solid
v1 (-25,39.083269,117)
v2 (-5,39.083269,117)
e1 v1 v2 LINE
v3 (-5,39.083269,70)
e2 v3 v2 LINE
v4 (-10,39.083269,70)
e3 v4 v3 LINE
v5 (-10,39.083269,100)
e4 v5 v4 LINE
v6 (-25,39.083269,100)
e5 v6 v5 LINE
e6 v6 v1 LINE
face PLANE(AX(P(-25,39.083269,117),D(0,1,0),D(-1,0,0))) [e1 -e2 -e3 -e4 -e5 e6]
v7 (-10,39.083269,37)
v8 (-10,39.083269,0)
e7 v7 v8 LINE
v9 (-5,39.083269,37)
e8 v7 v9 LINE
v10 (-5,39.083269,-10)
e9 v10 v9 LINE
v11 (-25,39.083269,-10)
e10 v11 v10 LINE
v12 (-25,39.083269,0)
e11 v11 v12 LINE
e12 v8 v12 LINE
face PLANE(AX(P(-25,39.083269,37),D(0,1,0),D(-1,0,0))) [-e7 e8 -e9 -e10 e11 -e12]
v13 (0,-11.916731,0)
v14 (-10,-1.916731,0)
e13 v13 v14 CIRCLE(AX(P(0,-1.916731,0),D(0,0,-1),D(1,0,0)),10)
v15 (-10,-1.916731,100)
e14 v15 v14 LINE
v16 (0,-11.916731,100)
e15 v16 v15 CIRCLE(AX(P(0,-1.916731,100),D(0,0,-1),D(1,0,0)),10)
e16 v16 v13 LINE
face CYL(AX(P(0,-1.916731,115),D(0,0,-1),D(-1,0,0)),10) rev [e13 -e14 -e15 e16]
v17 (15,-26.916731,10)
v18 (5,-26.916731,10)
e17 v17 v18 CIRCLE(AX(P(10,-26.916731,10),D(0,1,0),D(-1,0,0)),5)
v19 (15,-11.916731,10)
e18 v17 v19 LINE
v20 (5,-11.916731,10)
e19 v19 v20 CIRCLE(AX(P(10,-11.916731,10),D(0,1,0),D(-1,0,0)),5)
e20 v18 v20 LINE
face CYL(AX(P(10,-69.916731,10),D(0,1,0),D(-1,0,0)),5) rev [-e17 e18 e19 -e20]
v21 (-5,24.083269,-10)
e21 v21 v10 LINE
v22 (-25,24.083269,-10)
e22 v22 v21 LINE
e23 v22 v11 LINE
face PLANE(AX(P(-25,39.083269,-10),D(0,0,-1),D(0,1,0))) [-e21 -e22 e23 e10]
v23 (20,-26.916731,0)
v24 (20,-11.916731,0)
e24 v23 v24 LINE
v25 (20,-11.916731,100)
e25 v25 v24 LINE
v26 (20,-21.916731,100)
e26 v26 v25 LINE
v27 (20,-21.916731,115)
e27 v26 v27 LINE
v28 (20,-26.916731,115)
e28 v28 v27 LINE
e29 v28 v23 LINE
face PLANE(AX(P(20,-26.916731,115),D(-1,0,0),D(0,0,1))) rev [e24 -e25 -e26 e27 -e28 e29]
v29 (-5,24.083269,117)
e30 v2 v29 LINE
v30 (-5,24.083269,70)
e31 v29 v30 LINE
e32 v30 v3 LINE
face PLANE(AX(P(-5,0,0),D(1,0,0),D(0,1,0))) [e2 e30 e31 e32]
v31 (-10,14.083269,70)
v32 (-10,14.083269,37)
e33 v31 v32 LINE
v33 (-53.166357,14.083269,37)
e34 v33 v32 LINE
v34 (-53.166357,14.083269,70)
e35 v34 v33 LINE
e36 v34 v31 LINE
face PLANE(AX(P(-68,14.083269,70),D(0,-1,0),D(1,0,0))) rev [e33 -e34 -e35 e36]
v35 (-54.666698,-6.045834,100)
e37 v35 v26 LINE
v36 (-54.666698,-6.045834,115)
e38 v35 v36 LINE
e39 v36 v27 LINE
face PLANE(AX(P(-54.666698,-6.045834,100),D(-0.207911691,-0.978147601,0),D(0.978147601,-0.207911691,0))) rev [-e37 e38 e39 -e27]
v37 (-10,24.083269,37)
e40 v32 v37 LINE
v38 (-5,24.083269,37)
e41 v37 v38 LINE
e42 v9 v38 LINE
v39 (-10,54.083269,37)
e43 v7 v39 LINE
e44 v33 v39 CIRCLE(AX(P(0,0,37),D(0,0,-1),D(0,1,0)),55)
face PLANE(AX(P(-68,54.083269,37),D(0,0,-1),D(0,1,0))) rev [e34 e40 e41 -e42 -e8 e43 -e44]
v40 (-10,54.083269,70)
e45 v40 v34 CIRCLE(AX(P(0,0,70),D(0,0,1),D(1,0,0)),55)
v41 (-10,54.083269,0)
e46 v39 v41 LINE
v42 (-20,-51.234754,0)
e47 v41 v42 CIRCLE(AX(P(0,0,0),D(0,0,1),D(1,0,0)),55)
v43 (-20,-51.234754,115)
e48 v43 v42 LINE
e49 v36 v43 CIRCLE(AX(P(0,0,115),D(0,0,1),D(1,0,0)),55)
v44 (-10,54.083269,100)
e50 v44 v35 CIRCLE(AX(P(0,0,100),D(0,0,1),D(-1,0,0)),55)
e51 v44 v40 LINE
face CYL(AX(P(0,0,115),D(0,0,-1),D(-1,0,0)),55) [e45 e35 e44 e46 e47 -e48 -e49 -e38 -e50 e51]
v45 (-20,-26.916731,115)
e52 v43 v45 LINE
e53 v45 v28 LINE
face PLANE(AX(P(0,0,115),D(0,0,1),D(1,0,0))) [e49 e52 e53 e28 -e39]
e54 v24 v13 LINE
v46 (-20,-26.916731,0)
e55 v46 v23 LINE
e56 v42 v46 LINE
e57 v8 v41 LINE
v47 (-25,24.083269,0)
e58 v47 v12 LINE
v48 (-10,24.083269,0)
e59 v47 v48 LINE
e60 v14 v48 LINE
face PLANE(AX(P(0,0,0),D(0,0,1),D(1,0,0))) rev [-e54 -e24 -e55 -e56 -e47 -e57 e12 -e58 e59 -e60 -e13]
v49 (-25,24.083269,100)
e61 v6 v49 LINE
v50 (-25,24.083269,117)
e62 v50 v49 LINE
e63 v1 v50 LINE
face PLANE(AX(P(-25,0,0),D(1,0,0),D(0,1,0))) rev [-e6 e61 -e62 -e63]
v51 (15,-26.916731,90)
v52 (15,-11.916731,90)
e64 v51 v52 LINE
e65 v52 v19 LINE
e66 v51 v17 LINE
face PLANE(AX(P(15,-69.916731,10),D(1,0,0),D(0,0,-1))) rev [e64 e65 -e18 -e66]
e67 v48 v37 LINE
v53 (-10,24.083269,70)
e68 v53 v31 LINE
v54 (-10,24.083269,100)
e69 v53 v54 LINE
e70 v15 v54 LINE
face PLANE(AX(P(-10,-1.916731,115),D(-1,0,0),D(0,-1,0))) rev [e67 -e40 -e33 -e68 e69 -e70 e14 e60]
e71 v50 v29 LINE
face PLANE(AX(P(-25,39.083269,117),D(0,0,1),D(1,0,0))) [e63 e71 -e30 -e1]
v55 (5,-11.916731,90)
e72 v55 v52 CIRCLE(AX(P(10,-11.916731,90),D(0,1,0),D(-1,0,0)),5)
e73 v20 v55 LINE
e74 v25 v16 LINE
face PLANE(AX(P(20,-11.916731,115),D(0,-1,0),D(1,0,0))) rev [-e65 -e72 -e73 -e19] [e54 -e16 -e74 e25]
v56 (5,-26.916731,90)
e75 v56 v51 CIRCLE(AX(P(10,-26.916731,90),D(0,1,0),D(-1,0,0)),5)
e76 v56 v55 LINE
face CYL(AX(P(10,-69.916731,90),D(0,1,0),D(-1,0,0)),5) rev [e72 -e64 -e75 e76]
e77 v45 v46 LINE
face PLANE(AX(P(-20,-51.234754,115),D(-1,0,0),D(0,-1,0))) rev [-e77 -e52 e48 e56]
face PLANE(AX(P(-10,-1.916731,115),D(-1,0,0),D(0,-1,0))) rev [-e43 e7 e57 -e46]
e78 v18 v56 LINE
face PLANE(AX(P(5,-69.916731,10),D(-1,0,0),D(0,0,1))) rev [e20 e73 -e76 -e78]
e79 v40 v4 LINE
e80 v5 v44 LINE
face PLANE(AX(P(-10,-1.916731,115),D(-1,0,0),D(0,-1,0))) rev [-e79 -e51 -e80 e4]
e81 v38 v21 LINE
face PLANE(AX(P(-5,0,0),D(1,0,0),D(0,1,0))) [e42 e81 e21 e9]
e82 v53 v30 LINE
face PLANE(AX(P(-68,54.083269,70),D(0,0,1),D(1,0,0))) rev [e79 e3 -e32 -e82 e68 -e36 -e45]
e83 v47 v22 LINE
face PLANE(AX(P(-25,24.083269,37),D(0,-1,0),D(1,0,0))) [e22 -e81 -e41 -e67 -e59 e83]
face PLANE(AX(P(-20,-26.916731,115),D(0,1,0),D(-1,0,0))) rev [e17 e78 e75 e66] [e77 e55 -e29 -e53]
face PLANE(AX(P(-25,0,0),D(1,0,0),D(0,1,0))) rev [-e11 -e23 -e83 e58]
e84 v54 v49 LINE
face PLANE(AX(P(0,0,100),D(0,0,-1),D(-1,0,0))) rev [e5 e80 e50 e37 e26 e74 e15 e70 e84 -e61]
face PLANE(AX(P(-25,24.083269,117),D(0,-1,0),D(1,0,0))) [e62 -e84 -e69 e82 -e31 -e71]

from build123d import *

# Parameters (mm, degrees)
BOSS_EXTRUDE1_DEPTH      = 115
CUT_EXTRUDE1_START       = -15
CUT_EXTRUDE1_DEPTH       = 15
CUT_EXTRUDE2_DEPTH       = 58
SKETCH6_W                = 33
SKETCH6_H                = 40
CUT_EXTRUDE3_DEPTH       = 58
BOSS_EXTRUDE2_DEPTH      = 5
BOSS_EXTRUDE2_DEPTH_BACK = 15
SKETCH7_W                = 47
SKETCH7_H                = 15
BOSS_EXTRUDE3_DEPTH      = 5
BOSS_EXTRUDE3_DEPTH_BACK = 15
SKETCH8_W                = 47
SKETCH8_H                = 15


with BuildPart() as part:
    # Sketch2 → Boss-Extrude1 (new body)
    with BuildSketch(Plane.XY):
        with BuildLine():
            Line((-20, -51.23475383), (-20, -26.916730868))
            Line((-20, -26.916730868), (20, -26.916730868))
            Line((20, -26.916730868), (20, -11.916730868))
            Line((20, -11.916730868), (0, -11.916730868))
            ThreePointArc((0, -11.916730868), (-7.071067812, -8.98779868), (-10, -1.916730868))
            Line((-10, -1.916730868), (-10, 54.083269132))
            ThreePointArc((-10, 54.083269132), (-54.753734942, 5.198895061), (-20, -51.23475383))
        make_face()
    extrude(amount=BOSS_EXTRUDE1_DEPTH)

    # Sketch3 → Cut-Extrude1 (cut)
    with BuildSketch(Plane.XY.offset(115).offset(CUT_EXTRUDE1_START)):
        with BuildLine():
            Line((-54.666698166, -6.045834235), (20, -21.916730868))
            Line((20, -21.916730868), (20, -11.916730868))
            Line((20, -11.916730868), (0, -11.916730868))
            ThreePointArc((0, -11.916730868), (-7.071067812, -8.98779868), (-10, -1.916730868))
            Line((-10, -1.916730868), (-10, 54.083269132))
            ThreePointArc((-10, 54.083269132), (-44.151135103, 32.797519253), (-54.666698166, -6.045834235))
        make_face()
    extrude(amount=CUT_EXTRUDE1_DEPTH, mode=Mode.SUBTRACT)

    # Sketch4 → Cut-Extrude2 (cut)
    with BuildSketch(Plane(origin=(0, -11.916730868, 0), x_dir=(1, 0, 0), z_dir=(0, 1, 0))):
        with BuildLine():
            Line((15, -10), (15, -90))
            ThreePointArc((15, -90), (10, -95), (5, -90))
            Line((5, -90), (5, -10))
            ThreePointArc((5, -10), (10, -5), (15, -10))
        make_face()
    extrude(amount=-CUT_EXTRUDE2_DEPTH, mode=Mode.SUBTRACT)

    # Sketch6 → Cut-Extrude3 (cut)
    with BuildSketch(Plane(origin=(-10, 0, 0), x_dir=(0, 0, -1), z_dir=(1, 0, 0))):
        with Locations((-53.5, 34.083269132)):
            Rectangle(SKETCH6_W, SKETCH6_H)
    extrude(amount=-CUT_EXTRUDE3_DEPTH, mode=Mode.SUBTRACT)

    # Sketch7 → Boss-Extrude2 (add, two sides: drawn at the far end of the back side and taken through both)
    with BuildSketch(Plane(origin=(-10, 0, 0), x_dir=(0, 0, -1), z_dir=(1, 0, 0)).offset(-BOSS_EXTRUDE2_DEPTH_BACK)):
        with Locations((-13.5, 31.583269132)):
            Rectangle(SKETCH7_W, SKETCH7_H)
    extrude(amount=BOSS_EXTRUDE2_DEPTH + BOSS_EXTRUDE2_DEPTH_BACK)

    # Sketch8 → Boss-Extrude3 (add, two sides: drawn at the far end of the back side and taken through both)
    with BuildSketch(Plane(origin=(-10, 0, 0), x_dir=(0, 0, -1), z_dir=(1, 0, 0)).offset(-BOSS_EXTRUDE3_DEPTH_BACK)):
        with Locations((-93.5, 31.583269132)):
            Rectangle(SKETCH8_W, SKETCH8_H)
    extrude(amount=BOSS_EXTRUDE3_DEPTH + BOSS_EXTRUDE3_DEPTH_BACK)


solid = part.part
